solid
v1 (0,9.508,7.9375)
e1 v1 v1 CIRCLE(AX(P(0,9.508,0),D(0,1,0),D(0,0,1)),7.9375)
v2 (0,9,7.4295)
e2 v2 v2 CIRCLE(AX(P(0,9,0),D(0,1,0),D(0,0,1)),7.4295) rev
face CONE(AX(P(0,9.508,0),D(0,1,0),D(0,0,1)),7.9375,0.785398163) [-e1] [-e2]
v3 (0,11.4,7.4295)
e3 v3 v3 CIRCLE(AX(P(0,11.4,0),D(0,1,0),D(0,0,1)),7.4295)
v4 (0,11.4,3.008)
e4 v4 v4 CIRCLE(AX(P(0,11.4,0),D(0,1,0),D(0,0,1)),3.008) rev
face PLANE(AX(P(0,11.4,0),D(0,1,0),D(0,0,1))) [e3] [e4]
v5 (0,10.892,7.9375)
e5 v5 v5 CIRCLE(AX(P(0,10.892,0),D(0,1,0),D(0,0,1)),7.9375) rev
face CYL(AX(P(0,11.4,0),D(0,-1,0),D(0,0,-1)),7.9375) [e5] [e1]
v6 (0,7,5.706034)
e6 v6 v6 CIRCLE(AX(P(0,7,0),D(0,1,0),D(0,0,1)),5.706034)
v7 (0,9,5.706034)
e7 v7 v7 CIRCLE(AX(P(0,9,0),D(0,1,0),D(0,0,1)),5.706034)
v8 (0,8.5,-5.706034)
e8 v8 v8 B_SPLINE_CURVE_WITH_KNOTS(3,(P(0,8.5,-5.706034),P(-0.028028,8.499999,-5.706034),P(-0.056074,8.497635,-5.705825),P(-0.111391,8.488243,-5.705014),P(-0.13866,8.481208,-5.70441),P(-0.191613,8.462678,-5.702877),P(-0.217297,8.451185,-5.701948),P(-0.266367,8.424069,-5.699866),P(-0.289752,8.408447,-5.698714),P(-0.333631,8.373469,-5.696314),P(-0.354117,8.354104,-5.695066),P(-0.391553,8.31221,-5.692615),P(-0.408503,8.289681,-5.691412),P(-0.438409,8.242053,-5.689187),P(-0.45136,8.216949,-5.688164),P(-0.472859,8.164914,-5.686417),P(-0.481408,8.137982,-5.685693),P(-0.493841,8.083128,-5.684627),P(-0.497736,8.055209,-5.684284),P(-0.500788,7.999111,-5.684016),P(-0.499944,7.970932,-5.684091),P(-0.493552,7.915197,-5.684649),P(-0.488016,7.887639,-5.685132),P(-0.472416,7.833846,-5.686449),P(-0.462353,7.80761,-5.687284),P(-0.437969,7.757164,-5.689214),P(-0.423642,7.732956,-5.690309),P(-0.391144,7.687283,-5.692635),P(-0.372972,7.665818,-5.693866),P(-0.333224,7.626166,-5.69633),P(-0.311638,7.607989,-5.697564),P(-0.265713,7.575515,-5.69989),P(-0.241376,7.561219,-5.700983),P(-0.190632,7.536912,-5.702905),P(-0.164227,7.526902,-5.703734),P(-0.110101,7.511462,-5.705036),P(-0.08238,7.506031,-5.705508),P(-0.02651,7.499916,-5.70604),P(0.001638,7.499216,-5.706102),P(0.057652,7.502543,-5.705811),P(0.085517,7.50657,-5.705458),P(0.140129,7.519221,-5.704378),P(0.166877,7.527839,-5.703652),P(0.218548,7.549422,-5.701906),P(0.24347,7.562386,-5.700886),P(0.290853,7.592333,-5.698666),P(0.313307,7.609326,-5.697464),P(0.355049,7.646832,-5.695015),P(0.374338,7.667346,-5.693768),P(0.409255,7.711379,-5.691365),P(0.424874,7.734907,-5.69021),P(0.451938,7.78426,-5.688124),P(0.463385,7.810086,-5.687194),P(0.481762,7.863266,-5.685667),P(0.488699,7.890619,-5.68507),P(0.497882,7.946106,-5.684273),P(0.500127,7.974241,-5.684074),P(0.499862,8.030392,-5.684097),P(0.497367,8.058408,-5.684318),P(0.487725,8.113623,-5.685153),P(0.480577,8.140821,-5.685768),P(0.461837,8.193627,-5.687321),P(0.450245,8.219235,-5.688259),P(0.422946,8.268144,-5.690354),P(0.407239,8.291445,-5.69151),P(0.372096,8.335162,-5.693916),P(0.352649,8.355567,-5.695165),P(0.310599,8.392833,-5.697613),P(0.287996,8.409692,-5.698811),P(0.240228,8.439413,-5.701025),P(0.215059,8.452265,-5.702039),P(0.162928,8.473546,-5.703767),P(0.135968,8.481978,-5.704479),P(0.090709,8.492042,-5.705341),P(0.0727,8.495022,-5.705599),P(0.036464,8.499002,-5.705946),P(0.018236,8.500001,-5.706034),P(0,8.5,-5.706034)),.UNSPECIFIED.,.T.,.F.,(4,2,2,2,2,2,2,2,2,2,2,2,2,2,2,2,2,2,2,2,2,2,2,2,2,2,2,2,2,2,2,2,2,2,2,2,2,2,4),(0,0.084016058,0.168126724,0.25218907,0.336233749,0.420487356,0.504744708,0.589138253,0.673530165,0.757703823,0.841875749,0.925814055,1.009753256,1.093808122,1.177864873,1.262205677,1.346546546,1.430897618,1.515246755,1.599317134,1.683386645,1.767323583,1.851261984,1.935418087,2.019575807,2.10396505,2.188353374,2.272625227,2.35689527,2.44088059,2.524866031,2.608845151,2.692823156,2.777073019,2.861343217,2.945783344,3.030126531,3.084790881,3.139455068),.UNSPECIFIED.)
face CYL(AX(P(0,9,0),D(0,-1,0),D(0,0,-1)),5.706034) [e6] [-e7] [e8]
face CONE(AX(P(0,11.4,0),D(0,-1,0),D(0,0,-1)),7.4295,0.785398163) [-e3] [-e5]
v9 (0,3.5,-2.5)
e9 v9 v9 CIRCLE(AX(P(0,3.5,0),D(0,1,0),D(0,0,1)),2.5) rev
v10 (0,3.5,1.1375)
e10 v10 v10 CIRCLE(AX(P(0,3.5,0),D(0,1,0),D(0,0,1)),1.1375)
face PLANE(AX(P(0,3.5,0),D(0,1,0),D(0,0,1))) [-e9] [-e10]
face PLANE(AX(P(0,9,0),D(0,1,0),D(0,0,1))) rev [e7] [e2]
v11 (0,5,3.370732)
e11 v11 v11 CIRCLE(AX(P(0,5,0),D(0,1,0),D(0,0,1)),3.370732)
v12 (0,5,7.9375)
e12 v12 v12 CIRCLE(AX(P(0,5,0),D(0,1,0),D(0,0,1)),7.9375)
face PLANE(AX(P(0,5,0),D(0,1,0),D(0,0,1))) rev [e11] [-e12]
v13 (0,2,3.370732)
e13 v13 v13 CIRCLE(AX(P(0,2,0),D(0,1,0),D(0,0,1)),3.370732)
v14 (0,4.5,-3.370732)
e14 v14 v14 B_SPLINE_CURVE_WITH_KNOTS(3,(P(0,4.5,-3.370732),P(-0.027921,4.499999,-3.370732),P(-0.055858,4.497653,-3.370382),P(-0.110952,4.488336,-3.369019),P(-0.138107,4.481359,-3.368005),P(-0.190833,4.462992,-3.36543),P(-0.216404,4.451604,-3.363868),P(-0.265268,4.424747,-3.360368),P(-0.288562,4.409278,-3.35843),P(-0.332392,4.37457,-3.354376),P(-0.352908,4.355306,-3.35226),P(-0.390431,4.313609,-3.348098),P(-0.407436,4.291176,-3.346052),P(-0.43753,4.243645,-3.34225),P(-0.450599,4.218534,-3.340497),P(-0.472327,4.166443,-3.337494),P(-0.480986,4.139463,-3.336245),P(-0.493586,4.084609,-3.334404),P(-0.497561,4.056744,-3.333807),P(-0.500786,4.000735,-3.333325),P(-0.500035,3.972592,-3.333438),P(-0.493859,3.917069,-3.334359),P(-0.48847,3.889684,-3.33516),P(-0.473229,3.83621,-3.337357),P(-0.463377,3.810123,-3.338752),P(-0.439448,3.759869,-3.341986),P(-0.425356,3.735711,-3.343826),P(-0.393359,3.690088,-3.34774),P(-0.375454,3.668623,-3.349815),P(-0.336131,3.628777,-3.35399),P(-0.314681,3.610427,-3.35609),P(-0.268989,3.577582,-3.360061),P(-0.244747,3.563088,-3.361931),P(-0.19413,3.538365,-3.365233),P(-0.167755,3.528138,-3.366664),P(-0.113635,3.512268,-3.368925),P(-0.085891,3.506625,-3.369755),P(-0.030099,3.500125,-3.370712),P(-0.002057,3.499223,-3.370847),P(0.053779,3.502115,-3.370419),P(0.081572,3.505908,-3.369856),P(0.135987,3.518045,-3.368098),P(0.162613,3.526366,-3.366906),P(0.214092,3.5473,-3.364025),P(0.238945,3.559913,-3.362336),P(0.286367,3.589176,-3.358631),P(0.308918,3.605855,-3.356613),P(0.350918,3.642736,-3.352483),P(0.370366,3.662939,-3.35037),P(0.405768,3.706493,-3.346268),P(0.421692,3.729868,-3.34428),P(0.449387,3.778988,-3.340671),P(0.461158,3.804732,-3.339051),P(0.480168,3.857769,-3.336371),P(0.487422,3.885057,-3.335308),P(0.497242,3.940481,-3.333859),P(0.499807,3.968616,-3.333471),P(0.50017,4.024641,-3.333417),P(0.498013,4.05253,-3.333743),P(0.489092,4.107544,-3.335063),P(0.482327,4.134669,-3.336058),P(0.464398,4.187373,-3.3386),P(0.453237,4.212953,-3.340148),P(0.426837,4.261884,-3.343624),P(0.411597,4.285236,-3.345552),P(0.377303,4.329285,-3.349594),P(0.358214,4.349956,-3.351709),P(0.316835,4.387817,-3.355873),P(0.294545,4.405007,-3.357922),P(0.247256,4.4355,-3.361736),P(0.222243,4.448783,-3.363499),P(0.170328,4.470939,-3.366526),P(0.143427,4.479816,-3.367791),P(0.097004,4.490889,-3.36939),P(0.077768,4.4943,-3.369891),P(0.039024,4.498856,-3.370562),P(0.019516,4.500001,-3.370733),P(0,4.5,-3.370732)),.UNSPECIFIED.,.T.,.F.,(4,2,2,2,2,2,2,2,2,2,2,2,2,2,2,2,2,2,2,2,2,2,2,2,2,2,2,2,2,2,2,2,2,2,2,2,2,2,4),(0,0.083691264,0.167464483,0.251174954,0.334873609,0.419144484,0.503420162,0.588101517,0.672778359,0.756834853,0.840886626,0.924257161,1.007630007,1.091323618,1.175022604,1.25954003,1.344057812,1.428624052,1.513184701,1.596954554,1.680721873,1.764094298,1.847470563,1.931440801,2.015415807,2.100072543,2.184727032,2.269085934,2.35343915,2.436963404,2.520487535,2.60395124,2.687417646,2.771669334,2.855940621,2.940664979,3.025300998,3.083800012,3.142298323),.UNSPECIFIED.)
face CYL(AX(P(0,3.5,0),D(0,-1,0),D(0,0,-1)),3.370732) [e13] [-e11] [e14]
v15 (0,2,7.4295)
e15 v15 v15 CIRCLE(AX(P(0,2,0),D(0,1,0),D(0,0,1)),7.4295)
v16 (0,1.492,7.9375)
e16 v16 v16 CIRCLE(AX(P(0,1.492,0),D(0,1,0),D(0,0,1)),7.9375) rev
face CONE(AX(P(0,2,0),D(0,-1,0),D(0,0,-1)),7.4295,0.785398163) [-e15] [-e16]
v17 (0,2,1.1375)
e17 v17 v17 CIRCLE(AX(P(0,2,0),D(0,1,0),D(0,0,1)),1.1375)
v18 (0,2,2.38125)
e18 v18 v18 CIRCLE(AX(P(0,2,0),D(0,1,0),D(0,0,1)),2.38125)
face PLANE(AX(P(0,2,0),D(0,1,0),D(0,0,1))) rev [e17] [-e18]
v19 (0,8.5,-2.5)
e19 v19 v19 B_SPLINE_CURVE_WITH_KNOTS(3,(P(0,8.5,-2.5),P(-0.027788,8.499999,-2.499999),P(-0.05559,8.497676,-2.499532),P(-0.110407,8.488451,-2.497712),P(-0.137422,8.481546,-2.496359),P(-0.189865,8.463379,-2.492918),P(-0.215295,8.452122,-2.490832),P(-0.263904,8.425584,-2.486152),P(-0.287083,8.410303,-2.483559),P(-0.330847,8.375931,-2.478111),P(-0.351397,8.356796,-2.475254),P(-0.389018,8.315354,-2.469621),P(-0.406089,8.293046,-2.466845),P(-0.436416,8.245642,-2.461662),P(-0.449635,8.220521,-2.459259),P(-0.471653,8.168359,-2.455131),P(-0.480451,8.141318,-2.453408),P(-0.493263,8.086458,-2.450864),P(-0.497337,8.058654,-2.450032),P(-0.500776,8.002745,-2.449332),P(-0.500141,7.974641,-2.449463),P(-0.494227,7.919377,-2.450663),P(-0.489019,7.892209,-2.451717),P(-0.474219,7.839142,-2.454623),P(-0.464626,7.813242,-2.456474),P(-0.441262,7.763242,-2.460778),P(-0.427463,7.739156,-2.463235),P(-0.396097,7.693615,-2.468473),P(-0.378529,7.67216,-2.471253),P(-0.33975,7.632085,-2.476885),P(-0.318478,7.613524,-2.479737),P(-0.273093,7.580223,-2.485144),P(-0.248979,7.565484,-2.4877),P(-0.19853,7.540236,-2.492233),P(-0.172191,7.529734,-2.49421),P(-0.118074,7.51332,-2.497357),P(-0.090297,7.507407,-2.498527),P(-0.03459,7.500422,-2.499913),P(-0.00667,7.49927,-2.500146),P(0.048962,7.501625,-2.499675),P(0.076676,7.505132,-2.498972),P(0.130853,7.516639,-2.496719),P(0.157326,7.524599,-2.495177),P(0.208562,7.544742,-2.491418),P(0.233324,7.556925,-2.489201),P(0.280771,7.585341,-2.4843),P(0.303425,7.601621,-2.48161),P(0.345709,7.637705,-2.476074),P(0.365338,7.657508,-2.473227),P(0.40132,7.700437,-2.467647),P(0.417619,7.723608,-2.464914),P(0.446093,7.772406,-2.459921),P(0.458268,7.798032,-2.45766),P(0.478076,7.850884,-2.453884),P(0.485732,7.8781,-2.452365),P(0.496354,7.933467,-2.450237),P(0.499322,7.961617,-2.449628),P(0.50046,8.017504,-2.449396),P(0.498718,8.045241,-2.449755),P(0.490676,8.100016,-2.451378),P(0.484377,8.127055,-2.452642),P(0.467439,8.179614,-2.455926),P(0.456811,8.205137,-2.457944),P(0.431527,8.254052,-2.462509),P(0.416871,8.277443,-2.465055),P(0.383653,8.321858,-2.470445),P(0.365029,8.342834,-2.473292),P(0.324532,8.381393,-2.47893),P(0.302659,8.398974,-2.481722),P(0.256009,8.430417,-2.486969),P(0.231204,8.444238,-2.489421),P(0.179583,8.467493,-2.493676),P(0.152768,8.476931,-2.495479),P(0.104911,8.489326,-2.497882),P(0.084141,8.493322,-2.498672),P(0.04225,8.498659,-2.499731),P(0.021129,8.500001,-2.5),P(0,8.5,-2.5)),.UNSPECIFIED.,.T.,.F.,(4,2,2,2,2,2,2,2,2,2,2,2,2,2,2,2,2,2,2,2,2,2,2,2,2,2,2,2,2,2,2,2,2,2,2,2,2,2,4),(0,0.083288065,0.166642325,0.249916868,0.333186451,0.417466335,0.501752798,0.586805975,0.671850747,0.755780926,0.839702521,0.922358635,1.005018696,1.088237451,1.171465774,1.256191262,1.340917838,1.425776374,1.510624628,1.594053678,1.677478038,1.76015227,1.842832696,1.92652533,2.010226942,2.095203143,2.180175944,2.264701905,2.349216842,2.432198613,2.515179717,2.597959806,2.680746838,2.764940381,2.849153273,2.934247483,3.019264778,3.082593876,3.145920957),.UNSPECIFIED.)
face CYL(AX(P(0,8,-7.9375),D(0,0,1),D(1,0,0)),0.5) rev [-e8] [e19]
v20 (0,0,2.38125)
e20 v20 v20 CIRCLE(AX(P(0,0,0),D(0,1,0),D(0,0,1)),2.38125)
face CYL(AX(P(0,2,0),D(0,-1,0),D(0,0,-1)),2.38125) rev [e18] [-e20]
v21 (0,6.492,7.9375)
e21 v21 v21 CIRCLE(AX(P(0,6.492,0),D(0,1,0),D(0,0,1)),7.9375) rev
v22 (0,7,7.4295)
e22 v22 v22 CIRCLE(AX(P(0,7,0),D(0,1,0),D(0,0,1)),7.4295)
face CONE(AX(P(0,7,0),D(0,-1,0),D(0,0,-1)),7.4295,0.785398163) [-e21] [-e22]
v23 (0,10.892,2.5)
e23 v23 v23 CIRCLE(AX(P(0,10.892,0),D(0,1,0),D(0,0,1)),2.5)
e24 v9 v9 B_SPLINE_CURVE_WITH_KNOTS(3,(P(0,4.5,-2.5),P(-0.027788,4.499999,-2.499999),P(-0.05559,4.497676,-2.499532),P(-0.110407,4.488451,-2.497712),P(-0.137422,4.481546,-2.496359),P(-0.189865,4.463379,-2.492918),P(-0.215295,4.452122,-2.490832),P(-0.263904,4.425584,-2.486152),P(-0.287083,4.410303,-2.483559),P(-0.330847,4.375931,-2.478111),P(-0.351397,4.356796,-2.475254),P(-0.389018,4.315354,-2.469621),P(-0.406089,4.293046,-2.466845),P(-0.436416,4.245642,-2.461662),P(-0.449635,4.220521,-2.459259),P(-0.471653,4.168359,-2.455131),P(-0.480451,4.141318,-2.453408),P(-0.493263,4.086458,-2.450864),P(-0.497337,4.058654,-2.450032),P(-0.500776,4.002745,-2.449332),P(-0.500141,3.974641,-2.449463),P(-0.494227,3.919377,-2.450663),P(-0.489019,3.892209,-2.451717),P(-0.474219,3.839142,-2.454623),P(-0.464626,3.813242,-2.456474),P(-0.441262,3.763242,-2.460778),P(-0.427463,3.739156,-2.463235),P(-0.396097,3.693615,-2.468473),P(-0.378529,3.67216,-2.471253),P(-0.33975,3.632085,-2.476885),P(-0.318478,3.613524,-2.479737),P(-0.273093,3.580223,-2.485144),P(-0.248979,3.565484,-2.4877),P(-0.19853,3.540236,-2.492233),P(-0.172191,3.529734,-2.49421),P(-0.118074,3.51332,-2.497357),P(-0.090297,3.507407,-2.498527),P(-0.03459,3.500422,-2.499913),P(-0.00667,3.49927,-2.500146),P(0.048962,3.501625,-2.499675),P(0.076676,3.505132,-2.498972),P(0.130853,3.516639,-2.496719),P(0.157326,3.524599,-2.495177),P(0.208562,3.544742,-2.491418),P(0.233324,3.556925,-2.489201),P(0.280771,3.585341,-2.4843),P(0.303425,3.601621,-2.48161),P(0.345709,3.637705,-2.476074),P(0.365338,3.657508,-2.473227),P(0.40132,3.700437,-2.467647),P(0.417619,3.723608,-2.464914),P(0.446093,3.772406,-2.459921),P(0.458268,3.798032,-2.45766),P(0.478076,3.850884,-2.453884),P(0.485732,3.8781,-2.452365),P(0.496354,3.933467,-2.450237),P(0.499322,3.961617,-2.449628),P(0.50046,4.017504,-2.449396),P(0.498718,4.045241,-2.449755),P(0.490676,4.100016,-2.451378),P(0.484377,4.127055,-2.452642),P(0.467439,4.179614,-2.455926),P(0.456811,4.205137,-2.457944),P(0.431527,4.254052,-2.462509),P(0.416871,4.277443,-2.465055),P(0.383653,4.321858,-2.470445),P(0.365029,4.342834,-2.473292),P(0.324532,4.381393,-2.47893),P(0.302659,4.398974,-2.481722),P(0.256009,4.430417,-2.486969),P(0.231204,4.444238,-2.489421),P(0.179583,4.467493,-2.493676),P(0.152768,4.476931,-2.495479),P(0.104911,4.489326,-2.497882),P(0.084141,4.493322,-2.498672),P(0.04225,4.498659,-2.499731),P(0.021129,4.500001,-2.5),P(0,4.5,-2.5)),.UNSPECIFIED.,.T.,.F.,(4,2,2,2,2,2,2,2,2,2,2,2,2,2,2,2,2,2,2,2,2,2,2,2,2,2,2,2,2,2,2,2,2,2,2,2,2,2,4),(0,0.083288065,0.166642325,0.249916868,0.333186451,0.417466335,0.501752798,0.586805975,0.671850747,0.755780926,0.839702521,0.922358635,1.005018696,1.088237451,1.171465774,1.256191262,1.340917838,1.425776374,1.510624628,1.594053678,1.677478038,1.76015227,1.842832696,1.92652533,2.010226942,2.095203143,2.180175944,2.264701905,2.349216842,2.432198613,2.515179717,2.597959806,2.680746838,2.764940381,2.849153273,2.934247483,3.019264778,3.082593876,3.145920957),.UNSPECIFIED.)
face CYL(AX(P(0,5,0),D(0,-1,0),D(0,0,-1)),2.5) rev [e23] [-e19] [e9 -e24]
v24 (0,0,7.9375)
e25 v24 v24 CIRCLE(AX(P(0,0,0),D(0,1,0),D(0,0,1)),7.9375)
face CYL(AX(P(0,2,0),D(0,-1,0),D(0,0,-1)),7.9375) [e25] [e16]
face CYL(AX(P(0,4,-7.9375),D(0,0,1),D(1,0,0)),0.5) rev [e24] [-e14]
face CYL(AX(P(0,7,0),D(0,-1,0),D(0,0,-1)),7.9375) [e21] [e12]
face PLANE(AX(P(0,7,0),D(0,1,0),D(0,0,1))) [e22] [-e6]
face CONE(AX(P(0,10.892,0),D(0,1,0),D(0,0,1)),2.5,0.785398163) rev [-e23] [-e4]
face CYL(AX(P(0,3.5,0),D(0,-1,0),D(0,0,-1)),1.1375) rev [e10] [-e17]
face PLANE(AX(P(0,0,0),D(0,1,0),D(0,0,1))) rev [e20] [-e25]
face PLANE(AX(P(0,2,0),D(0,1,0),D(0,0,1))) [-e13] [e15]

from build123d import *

# Parameters (mm, degrees)
SKETCH1_R           = 7.9375
SKETCH1_R_2         = 2.38125
BOSS_EXTRUDE1_DEPTH = 2
SKETCH2_R           = 3.3707324
SKETCH2_R_2         = 1.1375
BOSS_EXTRUDE2_DEPTH = 1.5
SKETCH3_R           = 3.3707324
SKETCH3_R_2         = 2.5
BOSS_EXTRUDE3_DEPTH = 1.5
SKETCH5_R           = 7.9375
SKETCH5_R_2         = 2.5
BOSS_EXTRUDE4_DEPTH = 2
SKETCH6_R           = 5.7060338
SKETCH6_R_2         = 2.5
BOSS_EXTRUDE5_DEPTH = 2
SKETCH7_R           = 7.9375
SKETCH7_R_2         = 2.5
BOSS_EXTRUDE6_DEPTH = 2.4
SKETCH8_R           = 0.5
CUT_EXTRUDE1_DEPTH  = 16.998994109
CHAMFER1_SIZE       = 0.508


with BuildPart() as part:
    # Sketch1 → Boss-Extrude1 (new body)
    with BuildSketch(Plane(origin=(0, 0, 0), x_dir=(1, 0, 0), z_dir=(0, 1, 0))):
        with Locations(Location((0, 0, 0), (0, 0, 270))):
            Circle(SKETCH1_R)
        with Locations(Location((0, 0, 0), (0, 0, 270))):
            Circle(SKETCH1_R_2, mode=Mode.SUBTRACT)
    extrude(amount=BOSS_EXTRUDE1_DEPTH)

    # Sketch2 → Boss-Extrude2 (add)
    with BuildSketch(Plane(origin=(0, 2, 0), x_dir=(1, 0, 0), z_dir=(0, 1, 0))):
        with Locations(Location((0, 0, 0), (0, 0, 270))):
            Circle(SKETCH2_R)
        with Locations(Location((0, 0, 0), (0, 0, 270))):
            Circle(SKETCH2_R_2, mode=Mode.SUBTRACT)
    extrude(amount=BOSS_EXTRUDE2_DEPTH)

    # Sketch3 → Boss-Extrude3 (add)
    with BuildSketch(Plane(origin=(0, 3.5, 0), x_dir=(1, 0, 0), z_dir=(0, 1, 0))):
        with Locations(Location((0, 0, 0), (0, 0, 270))):
            Circle(SKETCH3_R)
        with Locations(Location((0, 0, 0), (0, 0, 270))):
            Circle(SKETCH3_R_2, mode=Mode.SUBTRACT)
    extrude(amount=BOSS_EXTRUDE3_DEPTH)

    # Sketch5 → Boss-Extrude4 (add)
    with BuildSketch(Plane(origin=(0, 5, 0), x_dir=(1, 0, 0), z_dir=(0, 1, 0))):
        with Locations(Location((0, 0, 0), (0, 0, 270))):
            Circle(SKETCH5_R)
        with Locations(Location((0, 0, 0), (0, 0, 270))):
            Circle(SKETCH5_R_2, mode=Mode.SUBTRACT)
    extrude(amount=BOSS_EXTRUDE4_DEPTH)

    # Sketch6 → Boss-Extrude5 (add)
    with BuildSketch(Plane(origin=(0, 7, 0), x_dir=(1, 0, 0), z_dir=(0, 1, 0))):
        with Locations(Location((0, 0, 0), (0, 0, 270))):
            Circle(SKETCH6_R)
        with Locations(Location((0, 0, 0), (0, 0, 270))):
            Circle(SKETCH6_R_2, mode=Mode.SUBTRACT)
    extrude(amount=BOSS_EXTRUDE5_DEPTH)

    # Sketch7 → Boss-Extrude6 (add)
    with BuildSketch(Plane(origin=(0, 9, 0), x_dir=(1, 0, 0), z_dir=(0, 1, 0))):
        with Locations(Location((0, 0, 0), (0, 0, 270))):
            Circle(SKETCH7_R)
        with Locations(Location((0, 0, 0), (0, 0, 270))):
            Circle(SKETCH7_R_2, mode=Mode.SUBTRACT)
    extrude(amount=BOSS_EXTRUDE6_DEPTH)

    # Sketch8 → Cut-Extrude1 (cut, through all)
    with BuildSketch(Plane.XY):
        with Locations(Location((0, 8, 0), (0, 0, 90))):
            Circle(SKETCH8_R)
        with Locations(Location((0, 4, 0), (0, 0, 89.999999996))):
            Circle(SKETCH8_R)
    extrude(amount=-CUT_EXTRUDE1_DEPTH, mode=Mode.SUBTRACT)

    # Chamfer1
    chamfer1_edges = [part.edges().sort_by_distance(p)[0] for p in [
        (0, 7, -7.9375),
        (0, 11.4, -7.9375),
        (0, 9, -7.9375),
        (0, 11.4, -2.5),
        (0, 2, -7.9375),
    ]]
    chamfer(chamfer1_edges, length=CHAMFER1_SIZE)


solid = part.part
